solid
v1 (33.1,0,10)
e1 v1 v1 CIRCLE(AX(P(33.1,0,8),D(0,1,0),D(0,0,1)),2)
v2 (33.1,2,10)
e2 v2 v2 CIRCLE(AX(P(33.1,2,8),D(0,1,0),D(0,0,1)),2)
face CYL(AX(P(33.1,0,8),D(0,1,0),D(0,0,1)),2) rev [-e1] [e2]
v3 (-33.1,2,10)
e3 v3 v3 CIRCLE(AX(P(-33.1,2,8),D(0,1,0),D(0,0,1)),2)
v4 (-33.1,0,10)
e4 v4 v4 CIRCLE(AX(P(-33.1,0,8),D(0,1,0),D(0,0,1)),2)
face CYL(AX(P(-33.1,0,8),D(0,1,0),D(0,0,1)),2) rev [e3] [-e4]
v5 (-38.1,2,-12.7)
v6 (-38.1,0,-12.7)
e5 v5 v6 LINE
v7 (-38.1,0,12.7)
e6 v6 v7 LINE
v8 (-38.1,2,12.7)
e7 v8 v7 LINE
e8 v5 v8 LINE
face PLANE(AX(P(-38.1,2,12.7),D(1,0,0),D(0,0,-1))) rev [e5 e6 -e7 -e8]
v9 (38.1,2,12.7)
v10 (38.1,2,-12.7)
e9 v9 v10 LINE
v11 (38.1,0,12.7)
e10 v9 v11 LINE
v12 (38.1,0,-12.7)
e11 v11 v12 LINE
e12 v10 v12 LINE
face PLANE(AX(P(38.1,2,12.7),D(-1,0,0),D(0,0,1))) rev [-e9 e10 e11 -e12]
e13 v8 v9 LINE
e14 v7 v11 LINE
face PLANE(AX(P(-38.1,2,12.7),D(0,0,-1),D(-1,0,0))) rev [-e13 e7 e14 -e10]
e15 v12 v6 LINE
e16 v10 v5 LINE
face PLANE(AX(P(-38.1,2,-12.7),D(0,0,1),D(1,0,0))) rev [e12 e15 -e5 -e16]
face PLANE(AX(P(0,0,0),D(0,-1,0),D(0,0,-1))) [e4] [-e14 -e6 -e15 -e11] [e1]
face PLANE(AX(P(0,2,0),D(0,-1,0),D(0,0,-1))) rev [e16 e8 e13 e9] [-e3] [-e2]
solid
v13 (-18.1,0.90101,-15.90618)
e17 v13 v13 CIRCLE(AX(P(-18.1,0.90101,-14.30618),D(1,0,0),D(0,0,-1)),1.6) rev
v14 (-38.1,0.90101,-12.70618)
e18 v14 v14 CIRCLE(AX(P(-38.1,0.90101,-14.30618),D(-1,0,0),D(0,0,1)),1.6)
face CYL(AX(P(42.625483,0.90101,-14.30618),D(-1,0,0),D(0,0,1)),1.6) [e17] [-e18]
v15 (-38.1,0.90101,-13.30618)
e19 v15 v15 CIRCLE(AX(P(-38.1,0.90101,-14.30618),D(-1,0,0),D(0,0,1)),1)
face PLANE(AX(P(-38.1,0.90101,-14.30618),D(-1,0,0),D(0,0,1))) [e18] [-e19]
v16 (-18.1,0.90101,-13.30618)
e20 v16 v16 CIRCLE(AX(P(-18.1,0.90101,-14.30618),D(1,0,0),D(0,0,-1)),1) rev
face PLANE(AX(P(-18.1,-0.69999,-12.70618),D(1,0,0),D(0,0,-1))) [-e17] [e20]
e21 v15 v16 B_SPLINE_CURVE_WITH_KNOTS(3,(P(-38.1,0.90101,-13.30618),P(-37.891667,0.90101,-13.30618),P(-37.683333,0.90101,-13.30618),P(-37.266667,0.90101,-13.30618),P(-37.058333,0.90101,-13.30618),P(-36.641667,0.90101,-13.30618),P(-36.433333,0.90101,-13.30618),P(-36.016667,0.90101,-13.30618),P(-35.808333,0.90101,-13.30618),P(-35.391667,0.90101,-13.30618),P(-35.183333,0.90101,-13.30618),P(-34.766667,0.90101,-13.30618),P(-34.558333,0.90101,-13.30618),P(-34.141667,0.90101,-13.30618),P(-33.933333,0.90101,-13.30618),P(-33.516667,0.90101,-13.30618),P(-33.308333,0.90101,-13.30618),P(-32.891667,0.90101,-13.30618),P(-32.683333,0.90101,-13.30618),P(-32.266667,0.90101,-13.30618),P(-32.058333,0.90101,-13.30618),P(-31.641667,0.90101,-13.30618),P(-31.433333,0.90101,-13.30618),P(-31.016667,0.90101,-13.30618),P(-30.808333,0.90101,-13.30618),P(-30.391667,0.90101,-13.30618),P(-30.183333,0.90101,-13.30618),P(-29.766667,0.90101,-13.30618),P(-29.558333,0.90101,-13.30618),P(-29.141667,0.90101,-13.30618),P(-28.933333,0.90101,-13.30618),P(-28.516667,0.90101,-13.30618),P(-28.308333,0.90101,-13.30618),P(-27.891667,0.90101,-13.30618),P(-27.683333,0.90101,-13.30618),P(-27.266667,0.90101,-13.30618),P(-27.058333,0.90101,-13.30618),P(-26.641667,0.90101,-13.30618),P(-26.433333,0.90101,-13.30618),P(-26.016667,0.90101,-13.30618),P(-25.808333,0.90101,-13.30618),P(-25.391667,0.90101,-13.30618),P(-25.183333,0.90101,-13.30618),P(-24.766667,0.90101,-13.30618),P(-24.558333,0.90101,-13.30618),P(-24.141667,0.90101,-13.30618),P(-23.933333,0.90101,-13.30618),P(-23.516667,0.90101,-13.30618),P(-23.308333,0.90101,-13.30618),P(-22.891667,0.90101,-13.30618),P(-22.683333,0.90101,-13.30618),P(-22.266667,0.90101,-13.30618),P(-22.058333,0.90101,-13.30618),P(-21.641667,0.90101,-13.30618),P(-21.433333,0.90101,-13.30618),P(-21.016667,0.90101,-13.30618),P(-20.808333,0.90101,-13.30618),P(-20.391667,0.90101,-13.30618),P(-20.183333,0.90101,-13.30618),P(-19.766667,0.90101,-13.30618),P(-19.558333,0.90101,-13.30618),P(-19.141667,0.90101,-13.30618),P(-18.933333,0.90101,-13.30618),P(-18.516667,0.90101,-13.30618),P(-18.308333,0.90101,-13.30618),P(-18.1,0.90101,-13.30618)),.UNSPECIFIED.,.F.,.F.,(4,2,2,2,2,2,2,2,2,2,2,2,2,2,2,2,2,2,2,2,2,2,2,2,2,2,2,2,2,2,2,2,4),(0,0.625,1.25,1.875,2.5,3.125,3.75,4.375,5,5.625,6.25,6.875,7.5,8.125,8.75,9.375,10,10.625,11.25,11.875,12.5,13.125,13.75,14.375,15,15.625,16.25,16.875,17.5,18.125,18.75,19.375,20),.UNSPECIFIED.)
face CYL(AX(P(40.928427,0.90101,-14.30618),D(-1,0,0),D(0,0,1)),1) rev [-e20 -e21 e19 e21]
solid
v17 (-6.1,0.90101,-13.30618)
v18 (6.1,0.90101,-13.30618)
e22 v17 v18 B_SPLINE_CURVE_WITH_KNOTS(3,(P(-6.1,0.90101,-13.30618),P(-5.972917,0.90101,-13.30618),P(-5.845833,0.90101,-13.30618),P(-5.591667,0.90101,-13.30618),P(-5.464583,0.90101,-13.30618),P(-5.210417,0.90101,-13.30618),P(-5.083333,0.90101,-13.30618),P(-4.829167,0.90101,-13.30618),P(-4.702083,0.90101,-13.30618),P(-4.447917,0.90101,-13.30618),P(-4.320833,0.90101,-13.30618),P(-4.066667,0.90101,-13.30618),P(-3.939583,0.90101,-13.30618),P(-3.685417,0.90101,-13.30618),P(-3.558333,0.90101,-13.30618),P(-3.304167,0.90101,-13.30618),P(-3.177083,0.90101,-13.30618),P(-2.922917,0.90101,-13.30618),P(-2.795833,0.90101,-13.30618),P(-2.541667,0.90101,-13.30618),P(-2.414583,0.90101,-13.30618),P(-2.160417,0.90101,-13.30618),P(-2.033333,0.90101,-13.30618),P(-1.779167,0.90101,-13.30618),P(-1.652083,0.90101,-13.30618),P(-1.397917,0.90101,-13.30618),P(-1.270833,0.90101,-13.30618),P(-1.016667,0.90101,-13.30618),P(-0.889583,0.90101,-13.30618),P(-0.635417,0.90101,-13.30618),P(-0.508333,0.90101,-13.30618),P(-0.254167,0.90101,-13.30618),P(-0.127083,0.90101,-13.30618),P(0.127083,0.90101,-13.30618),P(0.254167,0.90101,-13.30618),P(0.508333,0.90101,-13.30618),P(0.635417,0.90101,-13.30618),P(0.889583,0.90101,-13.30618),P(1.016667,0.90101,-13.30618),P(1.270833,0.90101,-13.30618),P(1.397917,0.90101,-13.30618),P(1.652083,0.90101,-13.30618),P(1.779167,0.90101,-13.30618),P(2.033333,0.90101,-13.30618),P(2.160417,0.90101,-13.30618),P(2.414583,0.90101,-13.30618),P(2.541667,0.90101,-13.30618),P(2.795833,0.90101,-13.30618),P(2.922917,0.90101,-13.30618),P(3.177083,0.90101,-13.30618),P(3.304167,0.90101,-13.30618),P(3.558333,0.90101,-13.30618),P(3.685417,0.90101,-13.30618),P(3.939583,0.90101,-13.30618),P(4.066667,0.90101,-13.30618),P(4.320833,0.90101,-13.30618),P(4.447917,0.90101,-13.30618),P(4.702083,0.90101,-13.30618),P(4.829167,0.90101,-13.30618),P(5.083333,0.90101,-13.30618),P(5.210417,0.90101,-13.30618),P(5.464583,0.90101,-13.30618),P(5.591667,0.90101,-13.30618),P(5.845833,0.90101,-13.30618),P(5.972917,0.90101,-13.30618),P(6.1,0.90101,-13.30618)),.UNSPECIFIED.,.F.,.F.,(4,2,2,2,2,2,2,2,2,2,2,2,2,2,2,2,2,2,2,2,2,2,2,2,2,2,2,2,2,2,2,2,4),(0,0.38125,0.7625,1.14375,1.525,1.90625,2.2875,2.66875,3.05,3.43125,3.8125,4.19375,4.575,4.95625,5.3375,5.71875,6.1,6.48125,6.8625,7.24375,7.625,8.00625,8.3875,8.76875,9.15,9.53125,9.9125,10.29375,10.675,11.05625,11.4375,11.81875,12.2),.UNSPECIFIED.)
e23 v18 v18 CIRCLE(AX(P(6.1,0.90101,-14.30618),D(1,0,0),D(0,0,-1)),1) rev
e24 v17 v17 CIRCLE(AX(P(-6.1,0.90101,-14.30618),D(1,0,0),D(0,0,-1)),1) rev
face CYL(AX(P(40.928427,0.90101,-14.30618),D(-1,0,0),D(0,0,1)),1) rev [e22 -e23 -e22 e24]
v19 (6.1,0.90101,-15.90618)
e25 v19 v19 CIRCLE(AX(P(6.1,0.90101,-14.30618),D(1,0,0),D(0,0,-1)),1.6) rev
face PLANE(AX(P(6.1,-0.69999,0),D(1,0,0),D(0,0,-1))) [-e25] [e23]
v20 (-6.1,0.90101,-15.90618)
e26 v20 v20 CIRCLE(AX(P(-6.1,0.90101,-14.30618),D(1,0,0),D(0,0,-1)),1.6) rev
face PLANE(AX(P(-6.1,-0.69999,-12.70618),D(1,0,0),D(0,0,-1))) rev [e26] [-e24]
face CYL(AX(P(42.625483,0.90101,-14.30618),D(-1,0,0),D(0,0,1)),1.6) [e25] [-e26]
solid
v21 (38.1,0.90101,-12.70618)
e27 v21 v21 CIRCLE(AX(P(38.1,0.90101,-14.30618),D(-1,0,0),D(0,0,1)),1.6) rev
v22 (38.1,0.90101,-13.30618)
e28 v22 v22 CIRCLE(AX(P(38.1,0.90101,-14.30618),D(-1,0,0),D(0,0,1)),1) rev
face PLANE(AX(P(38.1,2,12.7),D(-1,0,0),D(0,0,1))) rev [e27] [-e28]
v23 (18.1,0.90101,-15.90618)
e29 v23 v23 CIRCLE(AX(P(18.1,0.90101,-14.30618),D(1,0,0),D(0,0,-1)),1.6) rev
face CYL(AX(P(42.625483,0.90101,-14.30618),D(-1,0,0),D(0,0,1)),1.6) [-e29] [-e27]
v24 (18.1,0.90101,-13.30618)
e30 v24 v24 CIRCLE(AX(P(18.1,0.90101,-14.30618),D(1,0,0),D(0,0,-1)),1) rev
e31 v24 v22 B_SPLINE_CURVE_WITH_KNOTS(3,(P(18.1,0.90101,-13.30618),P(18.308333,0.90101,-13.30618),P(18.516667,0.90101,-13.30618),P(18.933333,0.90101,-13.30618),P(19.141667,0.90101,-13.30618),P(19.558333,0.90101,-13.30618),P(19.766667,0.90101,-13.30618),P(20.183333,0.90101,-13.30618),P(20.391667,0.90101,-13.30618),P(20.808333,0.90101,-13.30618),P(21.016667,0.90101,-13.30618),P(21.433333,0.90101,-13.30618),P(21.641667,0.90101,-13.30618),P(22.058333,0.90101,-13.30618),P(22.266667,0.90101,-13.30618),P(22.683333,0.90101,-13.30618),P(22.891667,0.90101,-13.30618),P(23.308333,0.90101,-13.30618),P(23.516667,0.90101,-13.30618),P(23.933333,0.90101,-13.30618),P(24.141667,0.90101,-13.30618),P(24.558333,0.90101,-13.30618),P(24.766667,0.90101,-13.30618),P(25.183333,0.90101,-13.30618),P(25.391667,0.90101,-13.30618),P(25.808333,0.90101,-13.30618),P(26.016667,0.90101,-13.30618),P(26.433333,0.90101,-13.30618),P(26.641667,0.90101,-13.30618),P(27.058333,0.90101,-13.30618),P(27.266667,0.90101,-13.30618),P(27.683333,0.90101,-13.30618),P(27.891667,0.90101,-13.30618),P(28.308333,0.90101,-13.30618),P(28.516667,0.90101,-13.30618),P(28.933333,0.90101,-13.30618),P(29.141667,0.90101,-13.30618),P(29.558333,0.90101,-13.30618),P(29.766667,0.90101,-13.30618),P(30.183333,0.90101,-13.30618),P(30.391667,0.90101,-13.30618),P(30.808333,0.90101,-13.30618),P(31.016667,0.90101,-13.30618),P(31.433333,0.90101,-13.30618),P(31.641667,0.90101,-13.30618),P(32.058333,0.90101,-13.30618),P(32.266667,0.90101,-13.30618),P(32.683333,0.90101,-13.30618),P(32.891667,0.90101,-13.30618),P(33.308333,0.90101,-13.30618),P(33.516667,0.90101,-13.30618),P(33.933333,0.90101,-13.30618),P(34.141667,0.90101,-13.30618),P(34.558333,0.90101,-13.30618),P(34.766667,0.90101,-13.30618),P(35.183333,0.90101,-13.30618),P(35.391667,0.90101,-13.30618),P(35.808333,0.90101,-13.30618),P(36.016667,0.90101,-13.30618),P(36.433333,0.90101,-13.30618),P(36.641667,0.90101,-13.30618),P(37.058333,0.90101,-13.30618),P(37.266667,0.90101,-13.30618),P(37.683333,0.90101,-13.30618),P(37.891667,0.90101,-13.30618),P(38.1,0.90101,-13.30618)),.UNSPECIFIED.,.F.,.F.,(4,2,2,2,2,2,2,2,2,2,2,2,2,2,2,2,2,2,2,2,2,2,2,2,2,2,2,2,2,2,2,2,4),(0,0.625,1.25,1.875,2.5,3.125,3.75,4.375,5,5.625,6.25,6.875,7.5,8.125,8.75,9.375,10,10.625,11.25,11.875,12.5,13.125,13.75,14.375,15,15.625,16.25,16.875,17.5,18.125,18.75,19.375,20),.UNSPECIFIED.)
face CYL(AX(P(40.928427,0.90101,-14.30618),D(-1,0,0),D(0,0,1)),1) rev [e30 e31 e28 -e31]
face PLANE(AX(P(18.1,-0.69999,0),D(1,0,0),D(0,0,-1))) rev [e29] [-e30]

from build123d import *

# Parameters (mm, degrees)
CROQUIS1_W                        = 76.2
CROQUIS1_H                        = 25.4
SALIENTE_EXTRUIR1_DEPTH           = 2
CROQUIS2_R                        = 1.6
SALIENTE_EXTRUIR2_DEPTH           = 76.2
CROQUIS3_R                        = 2
CORTAR_EXTRUIR1_DEPTH             = 2
CROQUIS4_R                        = 1
CORTAR_EXTRUIR2_DEPTH             = 76.2
CORTAR_EXTRUIR4_REACH             = 43.375
CROQUIS5_W                        = 12
CROQUIS5_H                        = 1.6
CROQUIS5_H_2                      = 3.2
CORTAR_EXTRUIR4_DIRECTION_2_REACH = 43.375


with BuildPart() as part:
    # Croquis1 → Saliente-Extruir1 (new body)
    with BuildSketch(Plane(origin=(0, 0, 0), x_dir=(1, 0, 0), z_dir=(0, 1, 0))):
        Rectangle(CROQUIS1_W, CROQUIS1_H)
    extrude(amount=SALIENTE_EXTRUIR1_DEPTH)

    # Croquis3 → Cortar-Extruir1 (cut)
    with BuildSketch(Plane(origin=(0, 2, 0), x_dir=(1, 0, 0), z_dir=(0, 1, 0))):
        with Locations(Location((-33.1, -8, 0), (0, 0, 270))):
            Circle(CROQUIS3_R)
        with Locations(Location((33.1, -8, 0), (0, 0, 270))):
            Circle(CROQUIS3_R)
    extrude(amount=-CORTAR_EXTRUIR1_DEPTH, mode=Mode.SUBTRACT)


with BuildPart() as body_2:
    # Croquis2 → Saliente-Extruir2 (new body)
    with BuildSketch(Plane.ZY.offset(38.1)):
        with Locations((-14.306180295, 0.901009784)):
            Circle(CROQUIS2_R)
    extrude(amount=-SALIENTE_EXTRUIR2_DEPTH)

    # Croquis4 → Cortar-Extruir2 (cut)
    with BuildSketch(Plane.ZY.offset(38.1)):
        with Locations((-14.306180295, 0.901009784)):
            Circle(CROQUIS4_R)
    extrude(amount=-CORTAR_EXTRUIR2_DEPTH, mode=Mode.SUBTRACT)

    # Croquis5 → Cortar-Extruir4 (cut, up to next)
    with BuildSketch(Plane(origin=(0, 2, 0), x_dir=(1, 0, 0), z_dir=(0, 1, 0)), mode=Mode.PRIVATE) as cortar_extruir4_sk1:
        with Locations((12.1, 15.106180295)):
            Rectangle(CROQUIS5_W, CROQUIS5_H)
    cortar_extruir4_tool1 = extrude(cortar_extruir4_sk1.sketch, amount=-CORTAR_EXTRUIR4_REACH, mode=Mode.PRIVATE) & body_2.part
    # Croquis5 → Cortar-Extruir4 (cut, up to next)
    with BuildSketch(Plane(origin=(0, 2, 0), x_dir=(1, 0, 0), z_dir=(0, 1, 0)), mode=Mode.PRIVATE) as cortar_extruir4_sk2:
        with Locations((12.1, 13.506180295)):
            Rectangle(CROQUIS5_W, CROQUIS5_H)
    cortar_extruir4_tool2 = extrude(cortar_extruir4_sk2.sketch, amount=-CORTAR_EXTRUIR4_REACH, mode=Mode.PRIVATE) & body_2.part
    # Croquis5 → Cortar-Extruir4 (cut, up to next)
    with BuildSketch(Plane(origin=(0, 2, 0), x_dir=(1, 0, 0), z_dir=(0, 1, 0)), mode=Mode.PRIVATE) as cortar_extruir4_sk3:
        with Locations((-12.1, 14.306180295)):
            Rectangle(CROQUIS5_W, CROQUIS5_H_2)
    cortar_extruir4_tool3 = extrude(cortar_extruir4_sk3.sketch, amount=-CORTAR_EXTRUIR4_REACH, mode=Mode.PRIVATE) & body_2.part
    add(cortar_extruir4_tool1.solids().sort_by_distance((12.1, 2, -15.10618))[0], mode=Mode.SUBTRACT)
    add(cortar_extruir4_tool2.solids().sort_by_distance((12.1, 2, -13.50618))[0], mode=Mode.SUBTRACT)
    add(cortar_extruir4_tool3.solids().sort_by_distance((-12.1, 2, -14.30618))[0], mode=Mode.SUBTRACT)

    # Croquis5 → Cortar-Extruir4 direction 2 (cut, up to next)
    with BuildSketch(Plane(origin=(0, 2, 0), x_dir=(1, 0, 0), z_dir=(0, 1, 0)), mode=Mode.PRIVATE) as cortar_extruir4_direction_2_sk1:
        with Locations((12.1, 15.106180295)):
            Rectangle(CROQUIS5_W, CROQUIS5_H)
    cortar_extruir4_direction_2_tool1 = extrude(cortar_extruir4_direction_2_sk1.sketch, amount=CORTAR_EXTRUIR4_DIRECTION_2_REACH, mode=Mode.PRIVATE) & body_2.part
    # Croquis5 → Cortar-Extruir4 direction 2 (cut, up to next)
    with BuildSketch(Plane(origin=(0, 2, 0), x_dir=(1, 0, 0), z_dir=(0, 1, 0)), mode=Mode.PRIVATE) as cortar_extruir4_direction_2_sk2:
        with Locations((12.1, 13.506180295)):
            Rectangle(CROQUIS5_W, CROQUIS5_H)
    cortar_extruir4_direction_2_tool2 = extrude(cortar_extruir4_direction_2_sk2.sketch, amount=CORTAR_EXTRUIR4_DIRECTION_2_REACH, mode=Mode.PRIVATE) & body_2.part
    # Croquis5 → Cortar-Extruir4 direction 2 (cut, up to next)
    with BuildSketch(Plane(origin=(0, 2, 0), x_dir=(1, 0, 0), z_dir=(0, 1, 0)), mode=Mode.PRIVATE) as cortar_extruir4_direction_2_sk3:
        with Locations((-12.1, 14.306180295)):
            Rectangle(CROQUIS5_W, CROQUIS5_H_2)
    cortar_extruir4_direction_2_tool3 = extrude(cortar_extruir4_direction_2_sk3.sketch, amount=CORTAR_EXTRUIR4_DIRECTION_2_REACH, mode=Mode.PRIVATE) & body_2.part
    add(cortar_extruir4_direction_2_tool1.solids().sort_by_distance((12.1, 2, -15.10618))[0], mode=Mode.SUBTRACT)
    add(cortar_extruir4_direction_2_tool2.solids().sort_by_distance((12.1, 2, -13.50618))[0], mode=Mode.SUBTRACT)
    add(cortar_extruir4_direction_2_tool3.solids().sort_by_distance((-12.1, 2, -14.30618))[0], mode=Mode.SUBTRACT)


with BuildPart() as cortar_extruir4_piece_1:
    # of the separate pieces the step leaves, piece 1, a body of its own (cortar_extruir4_pieces)
    add(body_2.part.solids().sort_by_distance((-38.1, 0.901009784, -12.706180295))[0])


with BuildPart() as cortar_extruir4_piece_2:
    # of the separate pieces the step leaves, piece 2, a body of its own (cortar_extruir4_pieces)
    add(body_2.part.solids().sort_by_distance((18.1, 0.901009784, -12.706180295))[0])


with BuildPart() as cortar_extruir4_piece_3:
    # of the separate pieces the step leaves, piece 3, a body of its own (cortar_extruir4_pieces)
    add(body_2.part.solids().sort_by_distance((-6.1, 0.901009784, -12.706180295))[0])


solid = Compound([part.part, cortar_extruir4_piece_1.part, cortar_extruir4_piece_2.part, cortar_extruir4_piece_3.part])
